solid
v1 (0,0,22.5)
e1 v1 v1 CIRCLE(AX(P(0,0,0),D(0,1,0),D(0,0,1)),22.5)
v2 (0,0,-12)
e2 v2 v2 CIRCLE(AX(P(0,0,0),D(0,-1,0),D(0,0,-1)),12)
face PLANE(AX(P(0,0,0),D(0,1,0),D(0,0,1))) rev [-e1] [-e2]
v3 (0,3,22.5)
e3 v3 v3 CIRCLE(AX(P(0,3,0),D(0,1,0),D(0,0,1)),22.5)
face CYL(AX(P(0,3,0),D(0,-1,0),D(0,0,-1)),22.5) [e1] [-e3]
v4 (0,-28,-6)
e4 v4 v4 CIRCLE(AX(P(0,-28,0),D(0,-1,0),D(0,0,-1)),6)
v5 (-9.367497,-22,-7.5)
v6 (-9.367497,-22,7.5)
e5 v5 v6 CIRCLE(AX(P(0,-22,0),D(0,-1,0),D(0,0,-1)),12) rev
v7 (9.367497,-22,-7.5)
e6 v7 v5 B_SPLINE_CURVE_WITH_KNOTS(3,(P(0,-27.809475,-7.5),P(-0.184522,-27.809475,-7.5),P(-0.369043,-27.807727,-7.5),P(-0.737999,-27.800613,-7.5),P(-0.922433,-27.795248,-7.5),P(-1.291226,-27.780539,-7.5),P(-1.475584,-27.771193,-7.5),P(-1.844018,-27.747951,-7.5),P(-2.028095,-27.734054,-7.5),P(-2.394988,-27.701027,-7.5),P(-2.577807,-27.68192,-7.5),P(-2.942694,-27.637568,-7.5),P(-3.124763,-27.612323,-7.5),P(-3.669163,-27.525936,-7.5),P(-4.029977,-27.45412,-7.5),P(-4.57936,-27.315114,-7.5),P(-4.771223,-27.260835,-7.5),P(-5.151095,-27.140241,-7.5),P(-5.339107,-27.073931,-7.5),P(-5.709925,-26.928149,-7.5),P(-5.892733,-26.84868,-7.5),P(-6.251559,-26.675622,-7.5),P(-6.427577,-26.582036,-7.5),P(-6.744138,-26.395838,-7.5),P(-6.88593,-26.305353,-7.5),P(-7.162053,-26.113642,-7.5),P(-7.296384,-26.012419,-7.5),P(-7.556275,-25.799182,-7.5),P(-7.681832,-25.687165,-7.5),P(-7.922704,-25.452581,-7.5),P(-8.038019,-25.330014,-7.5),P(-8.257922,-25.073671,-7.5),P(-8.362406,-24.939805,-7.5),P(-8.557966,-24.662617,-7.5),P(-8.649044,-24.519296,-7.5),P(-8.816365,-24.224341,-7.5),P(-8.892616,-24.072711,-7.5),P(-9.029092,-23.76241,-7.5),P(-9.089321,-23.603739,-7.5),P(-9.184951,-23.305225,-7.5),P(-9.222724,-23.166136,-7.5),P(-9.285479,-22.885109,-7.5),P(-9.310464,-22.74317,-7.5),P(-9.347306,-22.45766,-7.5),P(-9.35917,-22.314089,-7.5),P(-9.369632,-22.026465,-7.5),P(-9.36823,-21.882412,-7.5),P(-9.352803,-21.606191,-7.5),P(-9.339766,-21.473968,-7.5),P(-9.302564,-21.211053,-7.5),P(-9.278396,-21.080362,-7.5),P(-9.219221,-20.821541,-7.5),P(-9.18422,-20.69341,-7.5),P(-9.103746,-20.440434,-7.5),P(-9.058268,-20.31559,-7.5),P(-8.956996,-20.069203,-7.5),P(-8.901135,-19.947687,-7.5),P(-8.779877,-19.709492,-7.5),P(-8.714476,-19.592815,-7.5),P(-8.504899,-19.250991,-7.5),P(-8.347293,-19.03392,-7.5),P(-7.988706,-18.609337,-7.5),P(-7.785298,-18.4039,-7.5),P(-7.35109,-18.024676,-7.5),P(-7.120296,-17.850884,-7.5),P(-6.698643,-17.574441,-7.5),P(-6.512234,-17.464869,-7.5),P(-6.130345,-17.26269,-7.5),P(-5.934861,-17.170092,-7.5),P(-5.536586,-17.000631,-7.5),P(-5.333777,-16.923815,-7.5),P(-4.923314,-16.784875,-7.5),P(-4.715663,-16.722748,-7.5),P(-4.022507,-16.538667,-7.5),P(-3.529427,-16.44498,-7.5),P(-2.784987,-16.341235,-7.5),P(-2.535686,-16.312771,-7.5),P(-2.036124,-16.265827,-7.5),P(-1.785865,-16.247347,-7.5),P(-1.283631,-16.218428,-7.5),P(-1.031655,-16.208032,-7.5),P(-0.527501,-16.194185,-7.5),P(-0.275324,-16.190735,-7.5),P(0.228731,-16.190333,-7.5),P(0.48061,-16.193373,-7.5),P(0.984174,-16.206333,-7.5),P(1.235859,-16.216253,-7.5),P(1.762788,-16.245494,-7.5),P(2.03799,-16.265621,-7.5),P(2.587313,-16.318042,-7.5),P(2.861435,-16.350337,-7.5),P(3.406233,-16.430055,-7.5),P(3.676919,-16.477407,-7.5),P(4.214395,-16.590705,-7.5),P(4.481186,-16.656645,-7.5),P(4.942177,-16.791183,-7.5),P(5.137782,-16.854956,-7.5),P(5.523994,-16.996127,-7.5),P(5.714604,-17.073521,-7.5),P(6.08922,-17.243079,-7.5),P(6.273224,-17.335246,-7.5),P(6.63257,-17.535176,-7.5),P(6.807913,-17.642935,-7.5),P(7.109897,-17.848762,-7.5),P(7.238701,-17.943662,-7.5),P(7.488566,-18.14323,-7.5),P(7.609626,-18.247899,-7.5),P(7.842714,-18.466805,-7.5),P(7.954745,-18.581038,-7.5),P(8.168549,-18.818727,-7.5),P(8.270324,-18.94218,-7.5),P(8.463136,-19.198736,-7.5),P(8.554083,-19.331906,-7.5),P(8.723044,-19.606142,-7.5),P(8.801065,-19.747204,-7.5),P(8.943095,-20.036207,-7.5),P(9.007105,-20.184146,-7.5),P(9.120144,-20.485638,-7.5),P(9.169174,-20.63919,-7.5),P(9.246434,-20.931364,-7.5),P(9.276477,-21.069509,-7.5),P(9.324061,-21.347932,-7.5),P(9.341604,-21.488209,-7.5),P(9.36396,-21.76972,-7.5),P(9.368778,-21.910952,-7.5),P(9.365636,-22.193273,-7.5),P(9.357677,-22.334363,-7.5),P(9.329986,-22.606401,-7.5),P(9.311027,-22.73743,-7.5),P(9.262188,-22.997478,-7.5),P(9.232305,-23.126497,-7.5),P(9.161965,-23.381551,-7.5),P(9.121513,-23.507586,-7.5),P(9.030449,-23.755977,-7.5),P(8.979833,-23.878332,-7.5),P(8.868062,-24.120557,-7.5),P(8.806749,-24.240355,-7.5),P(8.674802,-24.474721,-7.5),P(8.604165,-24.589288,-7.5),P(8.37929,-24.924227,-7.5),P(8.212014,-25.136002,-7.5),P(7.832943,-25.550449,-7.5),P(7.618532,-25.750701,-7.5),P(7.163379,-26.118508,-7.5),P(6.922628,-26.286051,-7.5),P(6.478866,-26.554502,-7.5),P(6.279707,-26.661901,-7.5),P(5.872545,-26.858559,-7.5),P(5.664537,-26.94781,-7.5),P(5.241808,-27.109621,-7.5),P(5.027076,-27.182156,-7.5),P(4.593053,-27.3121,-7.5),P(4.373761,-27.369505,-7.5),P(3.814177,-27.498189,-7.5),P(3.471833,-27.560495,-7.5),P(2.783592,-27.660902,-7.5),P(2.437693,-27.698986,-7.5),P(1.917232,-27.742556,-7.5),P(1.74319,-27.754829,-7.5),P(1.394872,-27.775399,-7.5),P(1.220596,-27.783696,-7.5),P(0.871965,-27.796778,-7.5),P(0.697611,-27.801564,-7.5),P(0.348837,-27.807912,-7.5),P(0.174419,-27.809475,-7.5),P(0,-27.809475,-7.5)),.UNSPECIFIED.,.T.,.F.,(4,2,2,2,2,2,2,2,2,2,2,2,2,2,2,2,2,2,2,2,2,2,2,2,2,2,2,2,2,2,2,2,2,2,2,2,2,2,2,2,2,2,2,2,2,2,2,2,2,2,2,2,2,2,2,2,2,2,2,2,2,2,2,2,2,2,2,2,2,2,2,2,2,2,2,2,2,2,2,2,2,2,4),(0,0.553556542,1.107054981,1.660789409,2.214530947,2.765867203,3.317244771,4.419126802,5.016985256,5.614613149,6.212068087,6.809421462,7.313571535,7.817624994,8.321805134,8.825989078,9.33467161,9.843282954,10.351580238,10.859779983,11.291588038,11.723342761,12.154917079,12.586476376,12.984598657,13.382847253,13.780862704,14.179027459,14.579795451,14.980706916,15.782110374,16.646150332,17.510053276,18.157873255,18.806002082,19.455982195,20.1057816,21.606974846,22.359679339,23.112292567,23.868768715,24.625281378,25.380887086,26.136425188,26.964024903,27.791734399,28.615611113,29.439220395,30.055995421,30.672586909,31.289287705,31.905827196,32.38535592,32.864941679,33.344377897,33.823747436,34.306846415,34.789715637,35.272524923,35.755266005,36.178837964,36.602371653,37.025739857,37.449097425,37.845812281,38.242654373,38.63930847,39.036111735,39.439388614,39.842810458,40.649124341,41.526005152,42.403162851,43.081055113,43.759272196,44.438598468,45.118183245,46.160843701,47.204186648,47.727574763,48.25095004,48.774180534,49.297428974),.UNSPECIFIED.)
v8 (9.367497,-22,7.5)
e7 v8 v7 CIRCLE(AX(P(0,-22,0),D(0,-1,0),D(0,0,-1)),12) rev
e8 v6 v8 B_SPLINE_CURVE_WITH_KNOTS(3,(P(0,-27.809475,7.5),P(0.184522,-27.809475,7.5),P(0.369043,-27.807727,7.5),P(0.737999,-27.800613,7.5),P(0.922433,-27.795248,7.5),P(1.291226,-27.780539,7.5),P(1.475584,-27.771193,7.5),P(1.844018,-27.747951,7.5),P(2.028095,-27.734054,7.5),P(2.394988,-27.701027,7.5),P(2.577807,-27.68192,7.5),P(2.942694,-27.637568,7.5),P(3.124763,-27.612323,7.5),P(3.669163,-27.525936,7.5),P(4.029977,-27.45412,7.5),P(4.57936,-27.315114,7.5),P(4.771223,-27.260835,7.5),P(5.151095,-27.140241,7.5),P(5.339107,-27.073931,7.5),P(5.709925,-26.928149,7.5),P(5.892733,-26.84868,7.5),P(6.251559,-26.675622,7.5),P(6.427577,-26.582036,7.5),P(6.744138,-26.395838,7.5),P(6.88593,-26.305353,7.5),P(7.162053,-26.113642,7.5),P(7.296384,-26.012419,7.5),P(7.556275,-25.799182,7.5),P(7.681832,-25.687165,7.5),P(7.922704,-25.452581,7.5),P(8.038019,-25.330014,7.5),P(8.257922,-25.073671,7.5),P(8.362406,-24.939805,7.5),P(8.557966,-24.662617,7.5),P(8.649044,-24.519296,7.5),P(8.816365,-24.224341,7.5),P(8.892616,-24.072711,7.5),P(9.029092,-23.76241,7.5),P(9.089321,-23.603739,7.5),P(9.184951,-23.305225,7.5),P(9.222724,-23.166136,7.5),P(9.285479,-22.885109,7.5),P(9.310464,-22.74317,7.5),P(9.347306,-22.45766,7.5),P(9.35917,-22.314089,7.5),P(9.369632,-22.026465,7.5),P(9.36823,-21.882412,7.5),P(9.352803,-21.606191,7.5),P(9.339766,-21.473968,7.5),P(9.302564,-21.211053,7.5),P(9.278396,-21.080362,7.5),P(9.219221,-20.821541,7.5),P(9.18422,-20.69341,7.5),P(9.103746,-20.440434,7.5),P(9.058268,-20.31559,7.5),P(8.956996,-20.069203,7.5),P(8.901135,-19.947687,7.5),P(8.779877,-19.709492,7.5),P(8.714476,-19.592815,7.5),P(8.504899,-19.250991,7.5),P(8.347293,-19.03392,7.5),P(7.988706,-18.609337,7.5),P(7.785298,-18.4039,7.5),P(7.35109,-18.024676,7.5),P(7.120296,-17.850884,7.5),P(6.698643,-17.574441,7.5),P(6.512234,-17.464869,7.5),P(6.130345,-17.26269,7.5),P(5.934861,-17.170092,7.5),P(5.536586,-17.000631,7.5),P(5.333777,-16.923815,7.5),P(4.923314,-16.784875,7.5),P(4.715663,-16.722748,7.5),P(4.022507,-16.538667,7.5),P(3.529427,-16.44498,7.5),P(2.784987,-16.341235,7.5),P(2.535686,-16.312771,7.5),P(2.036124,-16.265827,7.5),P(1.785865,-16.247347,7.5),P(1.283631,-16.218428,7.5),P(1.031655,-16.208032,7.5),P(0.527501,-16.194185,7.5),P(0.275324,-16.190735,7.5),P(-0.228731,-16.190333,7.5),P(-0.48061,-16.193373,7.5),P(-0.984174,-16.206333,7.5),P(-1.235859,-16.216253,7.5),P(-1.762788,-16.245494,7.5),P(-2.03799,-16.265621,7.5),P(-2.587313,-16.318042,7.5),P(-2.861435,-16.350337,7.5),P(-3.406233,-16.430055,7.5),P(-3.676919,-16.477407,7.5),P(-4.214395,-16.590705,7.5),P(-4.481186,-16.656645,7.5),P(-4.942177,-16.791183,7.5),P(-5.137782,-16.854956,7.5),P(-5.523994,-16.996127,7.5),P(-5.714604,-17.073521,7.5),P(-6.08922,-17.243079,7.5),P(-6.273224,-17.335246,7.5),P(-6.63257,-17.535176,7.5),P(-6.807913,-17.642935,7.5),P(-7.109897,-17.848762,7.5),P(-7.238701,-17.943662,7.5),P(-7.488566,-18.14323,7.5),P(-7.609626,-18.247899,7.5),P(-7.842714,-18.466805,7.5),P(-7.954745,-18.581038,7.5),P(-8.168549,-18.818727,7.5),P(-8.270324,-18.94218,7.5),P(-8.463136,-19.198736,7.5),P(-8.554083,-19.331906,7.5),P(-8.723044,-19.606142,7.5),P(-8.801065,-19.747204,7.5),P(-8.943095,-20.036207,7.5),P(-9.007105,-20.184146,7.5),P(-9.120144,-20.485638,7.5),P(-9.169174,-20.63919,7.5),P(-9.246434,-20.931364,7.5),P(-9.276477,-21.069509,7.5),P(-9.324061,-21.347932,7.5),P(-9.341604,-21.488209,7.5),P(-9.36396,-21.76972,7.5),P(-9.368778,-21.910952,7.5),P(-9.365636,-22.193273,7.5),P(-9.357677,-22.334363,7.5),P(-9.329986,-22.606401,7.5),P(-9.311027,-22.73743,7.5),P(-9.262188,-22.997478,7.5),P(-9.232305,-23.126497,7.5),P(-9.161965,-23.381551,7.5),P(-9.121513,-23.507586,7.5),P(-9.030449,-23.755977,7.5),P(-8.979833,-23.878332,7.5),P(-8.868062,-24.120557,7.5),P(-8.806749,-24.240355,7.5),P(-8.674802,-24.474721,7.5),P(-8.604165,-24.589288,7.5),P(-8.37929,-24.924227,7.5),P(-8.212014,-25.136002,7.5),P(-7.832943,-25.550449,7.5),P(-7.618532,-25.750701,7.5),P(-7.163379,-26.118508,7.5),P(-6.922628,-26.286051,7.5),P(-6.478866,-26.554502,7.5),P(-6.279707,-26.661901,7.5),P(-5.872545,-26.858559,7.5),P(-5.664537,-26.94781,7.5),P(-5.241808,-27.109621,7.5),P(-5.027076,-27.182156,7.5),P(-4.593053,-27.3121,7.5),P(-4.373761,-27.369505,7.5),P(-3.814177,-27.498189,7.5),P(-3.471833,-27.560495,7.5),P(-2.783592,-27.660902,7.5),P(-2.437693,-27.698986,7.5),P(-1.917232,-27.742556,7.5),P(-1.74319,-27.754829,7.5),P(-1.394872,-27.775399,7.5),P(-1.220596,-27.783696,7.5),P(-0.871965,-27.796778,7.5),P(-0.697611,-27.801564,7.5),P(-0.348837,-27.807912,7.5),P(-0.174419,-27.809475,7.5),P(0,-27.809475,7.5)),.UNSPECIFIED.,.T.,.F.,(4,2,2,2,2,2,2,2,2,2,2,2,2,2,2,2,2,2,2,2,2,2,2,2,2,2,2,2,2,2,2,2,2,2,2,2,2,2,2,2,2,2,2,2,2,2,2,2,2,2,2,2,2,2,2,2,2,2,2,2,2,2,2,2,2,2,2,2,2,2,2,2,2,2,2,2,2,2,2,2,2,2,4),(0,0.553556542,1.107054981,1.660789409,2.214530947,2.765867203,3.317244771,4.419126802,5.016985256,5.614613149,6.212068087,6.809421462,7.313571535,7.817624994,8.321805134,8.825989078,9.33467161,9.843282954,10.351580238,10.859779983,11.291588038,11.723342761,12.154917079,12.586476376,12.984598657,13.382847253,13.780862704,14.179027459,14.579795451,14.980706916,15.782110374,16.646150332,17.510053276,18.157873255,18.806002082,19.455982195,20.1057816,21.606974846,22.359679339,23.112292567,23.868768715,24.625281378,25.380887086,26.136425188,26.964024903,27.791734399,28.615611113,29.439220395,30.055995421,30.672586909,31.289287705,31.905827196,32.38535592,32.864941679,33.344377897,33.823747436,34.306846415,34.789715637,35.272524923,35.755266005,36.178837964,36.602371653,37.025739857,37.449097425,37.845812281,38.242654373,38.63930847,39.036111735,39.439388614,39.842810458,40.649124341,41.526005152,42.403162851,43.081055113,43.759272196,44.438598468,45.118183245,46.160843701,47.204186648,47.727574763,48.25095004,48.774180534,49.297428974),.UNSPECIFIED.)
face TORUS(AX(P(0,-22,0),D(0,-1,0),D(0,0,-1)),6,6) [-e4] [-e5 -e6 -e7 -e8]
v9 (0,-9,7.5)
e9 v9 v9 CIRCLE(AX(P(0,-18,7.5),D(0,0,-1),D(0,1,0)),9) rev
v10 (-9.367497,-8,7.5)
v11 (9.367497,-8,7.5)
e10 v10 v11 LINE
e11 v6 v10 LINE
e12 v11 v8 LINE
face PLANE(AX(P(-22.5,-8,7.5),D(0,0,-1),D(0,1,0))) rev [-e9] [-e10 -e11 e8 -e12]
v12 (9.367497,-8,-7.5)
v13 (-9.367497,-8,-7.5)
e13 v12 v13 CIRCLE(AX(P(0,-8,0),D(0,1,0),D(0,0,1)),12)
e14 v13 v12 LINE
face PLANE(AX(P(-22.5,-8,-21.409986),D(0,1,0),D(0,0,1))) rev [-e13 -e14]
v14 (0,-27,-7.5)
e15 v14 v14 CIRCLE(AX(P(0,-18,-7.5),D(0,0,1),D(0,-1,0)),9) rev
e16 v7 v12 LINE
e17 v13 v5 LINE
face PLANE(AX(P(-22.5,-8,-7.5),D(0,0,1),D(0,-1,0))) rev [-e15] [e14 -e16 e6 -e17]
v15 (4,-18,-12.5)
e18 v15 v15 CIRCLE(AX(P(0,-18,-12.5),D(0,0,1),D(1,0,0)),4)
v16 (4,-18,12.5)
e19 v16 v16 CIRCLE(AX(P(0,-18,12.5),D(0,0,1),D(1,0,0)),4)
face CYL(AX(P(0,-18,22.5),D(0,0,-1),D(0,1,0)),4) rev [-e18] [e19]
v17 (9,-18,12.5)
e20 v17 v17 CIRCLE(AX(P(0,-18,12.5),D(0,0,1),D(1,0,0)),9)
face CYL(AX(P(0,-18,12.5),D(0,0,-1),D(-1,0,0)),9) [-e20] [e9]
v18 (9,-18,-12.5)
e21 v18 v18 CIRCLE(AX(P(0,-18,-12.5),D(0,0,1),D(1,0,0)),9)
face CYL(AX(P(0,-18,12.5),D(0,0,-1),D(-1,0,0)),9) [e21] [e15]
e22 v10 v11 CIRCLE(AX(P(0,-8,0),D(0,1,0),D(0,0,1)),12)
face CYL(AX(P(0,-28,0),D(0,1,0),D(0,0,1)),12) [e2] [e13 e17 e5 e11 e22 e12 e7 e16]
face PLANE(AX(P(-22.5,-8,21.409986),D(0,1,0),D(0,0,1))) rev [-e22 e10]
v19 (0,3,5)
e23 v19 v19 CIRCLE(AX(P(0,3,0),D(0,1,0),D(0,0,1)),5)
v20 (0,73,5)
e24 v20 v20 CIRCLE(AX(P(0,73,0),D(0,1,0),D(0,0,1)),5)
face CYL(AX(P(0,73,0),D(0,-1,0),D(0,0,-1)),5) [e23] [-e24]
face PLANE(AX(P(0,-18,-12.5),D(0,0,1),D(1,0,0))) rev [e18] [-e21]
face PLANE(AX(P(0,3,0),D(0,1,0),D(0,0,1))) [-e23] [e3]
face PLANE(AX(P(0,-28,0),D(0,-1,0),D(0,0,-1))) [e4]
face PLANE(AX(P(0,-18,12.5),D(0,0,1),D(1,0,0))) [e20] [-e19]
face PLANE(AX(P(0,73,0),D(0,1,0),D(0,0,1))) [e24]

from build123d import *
from build123d.topology import SkipClean

# Parameters (mm, degrees)
SKETCH1_R               = 22.5
BOSS_EXTRUDE1_DEPTH     = 3
SKETCH2_R               = 5
BOSS_EXTRUDE2_DEPTH     = 70
SKETCH3_R               = 12
BOSS_EXTRUDE3_DEPTH     = 28
FILLET1_R               = 6
SKETCH4_W               = 13.909985693
SKETCH4_H               = 20
CUT_EXTRUDE1_DEPTH      = 80.633535649
CUT_EXTRUDE1_DEPTH_BACK = 80.633535649
SKETCH8_R               = 4
CUT_EXTRUDE3_DEPTH      = 83.068568892
SKETCH10_R              = 9
SKETCH10_R_2            = 4
BOSS_EXTRUDE5_DEPTH     = 12.5


with BuildPart() as part:
    # Sketch1 → Boss-Extrude1 (new body)
    with BuildSketch(Plane(origin=(0, 0, 0), x_dir=(1, 0, 0), z_dir=(0, 1, 0))):
        with Locations(Location((0, 0, 0), (0, 0, 270))):
            Circle(SKETCH1_R)
    extrude(amount=BOSS_EXTRUDE1_DEPTH)

    # Sketch2 → Boss-Extrude2 (add)
    with BuildSketch(Plane(origin=(0, 3, 0), x_dir=(1, 0, 0), z_dir=(0, 1, 0))):
        with Locations(Location((0, 0, 0), (0, 0, 270))):
            Circle(SKETCH2_R)
    extrude(amount=BOSS_EXTRUDE2_DEPTH)

    # Sketch3 → Boss-Extrude3 (add)
    with BuildSketch(Plane.XZ):
        with Locations(Location((0, 0, 0), (0, 0, 270))):
            Circle(SKETCH3_R)
    extrude(amount=BOSS_EXTRUDE3_DEPTH)

    # Fillet1
    fillet1_edges = [part.edges().sort_by_distance(p)[0] for p in [
        (0, -28, 12),
    ]]
    fillet(fillet1_edges, radius=FILLET1_R)

    # Sketch4 → Cut-Extrude1 (cut, two sides)
    with BuildSketch(Plane(origin=(0, 0, 0), x_dir=(0, 0, -1), z_dir=(1, 0, 0))) as cut_extrude1_sk:
        with Locations((14.454992847, -18)):
            Rectangle(SKETCH4_W, SKETCH4_H)
        with Locations((-14.454992847, -18)):
            Rectangle(SKETCH4_W, SKETCH4_H)
    extrude(amount=CUT_EXTRUDE1_DEPTH, mode=Mode.SUBTRACT)
    extrude(cut_extrude1_sk.sketch, amount=-CUT_EXTRUDE1_DEPTH_BACK, mode=Mode.SUBTRACT)

    # Sketch8 → Cut-Extrude3 (cut, through all)
    with BuildSketch(Plane(origin=(0, 0, -7.5), x_dir=(-1, 0, 0), z_dir=(0, 0, -1))):
        with Locations(Location((0, -18, 0), (0, 0, 90))):
            Circle(SKETCH8_R)
    extrude(amount=-CUT_EXTRUDE3_DEPTH, mode=Mode.SUBTRACT)

    # Sketch10 → Boss-Extrude5 (add, symmetric)
    with SkipClean():  # the faces are left unmerged after this step: merging them gives an invalid solid
        with BuildSketch(Plane.XY):
            with Locations(Location((0, -18, 0), (0, 0, 270))):
                Circle(SKETCH10_R)
            with Locations((0, -18)):
                Circle(SKETCH10_R_2, mode=Mode.SUBTRACT)
        extrude(amount=BOSS_EXTRUDE5_DEPTH, both=True)


solid = part.part
